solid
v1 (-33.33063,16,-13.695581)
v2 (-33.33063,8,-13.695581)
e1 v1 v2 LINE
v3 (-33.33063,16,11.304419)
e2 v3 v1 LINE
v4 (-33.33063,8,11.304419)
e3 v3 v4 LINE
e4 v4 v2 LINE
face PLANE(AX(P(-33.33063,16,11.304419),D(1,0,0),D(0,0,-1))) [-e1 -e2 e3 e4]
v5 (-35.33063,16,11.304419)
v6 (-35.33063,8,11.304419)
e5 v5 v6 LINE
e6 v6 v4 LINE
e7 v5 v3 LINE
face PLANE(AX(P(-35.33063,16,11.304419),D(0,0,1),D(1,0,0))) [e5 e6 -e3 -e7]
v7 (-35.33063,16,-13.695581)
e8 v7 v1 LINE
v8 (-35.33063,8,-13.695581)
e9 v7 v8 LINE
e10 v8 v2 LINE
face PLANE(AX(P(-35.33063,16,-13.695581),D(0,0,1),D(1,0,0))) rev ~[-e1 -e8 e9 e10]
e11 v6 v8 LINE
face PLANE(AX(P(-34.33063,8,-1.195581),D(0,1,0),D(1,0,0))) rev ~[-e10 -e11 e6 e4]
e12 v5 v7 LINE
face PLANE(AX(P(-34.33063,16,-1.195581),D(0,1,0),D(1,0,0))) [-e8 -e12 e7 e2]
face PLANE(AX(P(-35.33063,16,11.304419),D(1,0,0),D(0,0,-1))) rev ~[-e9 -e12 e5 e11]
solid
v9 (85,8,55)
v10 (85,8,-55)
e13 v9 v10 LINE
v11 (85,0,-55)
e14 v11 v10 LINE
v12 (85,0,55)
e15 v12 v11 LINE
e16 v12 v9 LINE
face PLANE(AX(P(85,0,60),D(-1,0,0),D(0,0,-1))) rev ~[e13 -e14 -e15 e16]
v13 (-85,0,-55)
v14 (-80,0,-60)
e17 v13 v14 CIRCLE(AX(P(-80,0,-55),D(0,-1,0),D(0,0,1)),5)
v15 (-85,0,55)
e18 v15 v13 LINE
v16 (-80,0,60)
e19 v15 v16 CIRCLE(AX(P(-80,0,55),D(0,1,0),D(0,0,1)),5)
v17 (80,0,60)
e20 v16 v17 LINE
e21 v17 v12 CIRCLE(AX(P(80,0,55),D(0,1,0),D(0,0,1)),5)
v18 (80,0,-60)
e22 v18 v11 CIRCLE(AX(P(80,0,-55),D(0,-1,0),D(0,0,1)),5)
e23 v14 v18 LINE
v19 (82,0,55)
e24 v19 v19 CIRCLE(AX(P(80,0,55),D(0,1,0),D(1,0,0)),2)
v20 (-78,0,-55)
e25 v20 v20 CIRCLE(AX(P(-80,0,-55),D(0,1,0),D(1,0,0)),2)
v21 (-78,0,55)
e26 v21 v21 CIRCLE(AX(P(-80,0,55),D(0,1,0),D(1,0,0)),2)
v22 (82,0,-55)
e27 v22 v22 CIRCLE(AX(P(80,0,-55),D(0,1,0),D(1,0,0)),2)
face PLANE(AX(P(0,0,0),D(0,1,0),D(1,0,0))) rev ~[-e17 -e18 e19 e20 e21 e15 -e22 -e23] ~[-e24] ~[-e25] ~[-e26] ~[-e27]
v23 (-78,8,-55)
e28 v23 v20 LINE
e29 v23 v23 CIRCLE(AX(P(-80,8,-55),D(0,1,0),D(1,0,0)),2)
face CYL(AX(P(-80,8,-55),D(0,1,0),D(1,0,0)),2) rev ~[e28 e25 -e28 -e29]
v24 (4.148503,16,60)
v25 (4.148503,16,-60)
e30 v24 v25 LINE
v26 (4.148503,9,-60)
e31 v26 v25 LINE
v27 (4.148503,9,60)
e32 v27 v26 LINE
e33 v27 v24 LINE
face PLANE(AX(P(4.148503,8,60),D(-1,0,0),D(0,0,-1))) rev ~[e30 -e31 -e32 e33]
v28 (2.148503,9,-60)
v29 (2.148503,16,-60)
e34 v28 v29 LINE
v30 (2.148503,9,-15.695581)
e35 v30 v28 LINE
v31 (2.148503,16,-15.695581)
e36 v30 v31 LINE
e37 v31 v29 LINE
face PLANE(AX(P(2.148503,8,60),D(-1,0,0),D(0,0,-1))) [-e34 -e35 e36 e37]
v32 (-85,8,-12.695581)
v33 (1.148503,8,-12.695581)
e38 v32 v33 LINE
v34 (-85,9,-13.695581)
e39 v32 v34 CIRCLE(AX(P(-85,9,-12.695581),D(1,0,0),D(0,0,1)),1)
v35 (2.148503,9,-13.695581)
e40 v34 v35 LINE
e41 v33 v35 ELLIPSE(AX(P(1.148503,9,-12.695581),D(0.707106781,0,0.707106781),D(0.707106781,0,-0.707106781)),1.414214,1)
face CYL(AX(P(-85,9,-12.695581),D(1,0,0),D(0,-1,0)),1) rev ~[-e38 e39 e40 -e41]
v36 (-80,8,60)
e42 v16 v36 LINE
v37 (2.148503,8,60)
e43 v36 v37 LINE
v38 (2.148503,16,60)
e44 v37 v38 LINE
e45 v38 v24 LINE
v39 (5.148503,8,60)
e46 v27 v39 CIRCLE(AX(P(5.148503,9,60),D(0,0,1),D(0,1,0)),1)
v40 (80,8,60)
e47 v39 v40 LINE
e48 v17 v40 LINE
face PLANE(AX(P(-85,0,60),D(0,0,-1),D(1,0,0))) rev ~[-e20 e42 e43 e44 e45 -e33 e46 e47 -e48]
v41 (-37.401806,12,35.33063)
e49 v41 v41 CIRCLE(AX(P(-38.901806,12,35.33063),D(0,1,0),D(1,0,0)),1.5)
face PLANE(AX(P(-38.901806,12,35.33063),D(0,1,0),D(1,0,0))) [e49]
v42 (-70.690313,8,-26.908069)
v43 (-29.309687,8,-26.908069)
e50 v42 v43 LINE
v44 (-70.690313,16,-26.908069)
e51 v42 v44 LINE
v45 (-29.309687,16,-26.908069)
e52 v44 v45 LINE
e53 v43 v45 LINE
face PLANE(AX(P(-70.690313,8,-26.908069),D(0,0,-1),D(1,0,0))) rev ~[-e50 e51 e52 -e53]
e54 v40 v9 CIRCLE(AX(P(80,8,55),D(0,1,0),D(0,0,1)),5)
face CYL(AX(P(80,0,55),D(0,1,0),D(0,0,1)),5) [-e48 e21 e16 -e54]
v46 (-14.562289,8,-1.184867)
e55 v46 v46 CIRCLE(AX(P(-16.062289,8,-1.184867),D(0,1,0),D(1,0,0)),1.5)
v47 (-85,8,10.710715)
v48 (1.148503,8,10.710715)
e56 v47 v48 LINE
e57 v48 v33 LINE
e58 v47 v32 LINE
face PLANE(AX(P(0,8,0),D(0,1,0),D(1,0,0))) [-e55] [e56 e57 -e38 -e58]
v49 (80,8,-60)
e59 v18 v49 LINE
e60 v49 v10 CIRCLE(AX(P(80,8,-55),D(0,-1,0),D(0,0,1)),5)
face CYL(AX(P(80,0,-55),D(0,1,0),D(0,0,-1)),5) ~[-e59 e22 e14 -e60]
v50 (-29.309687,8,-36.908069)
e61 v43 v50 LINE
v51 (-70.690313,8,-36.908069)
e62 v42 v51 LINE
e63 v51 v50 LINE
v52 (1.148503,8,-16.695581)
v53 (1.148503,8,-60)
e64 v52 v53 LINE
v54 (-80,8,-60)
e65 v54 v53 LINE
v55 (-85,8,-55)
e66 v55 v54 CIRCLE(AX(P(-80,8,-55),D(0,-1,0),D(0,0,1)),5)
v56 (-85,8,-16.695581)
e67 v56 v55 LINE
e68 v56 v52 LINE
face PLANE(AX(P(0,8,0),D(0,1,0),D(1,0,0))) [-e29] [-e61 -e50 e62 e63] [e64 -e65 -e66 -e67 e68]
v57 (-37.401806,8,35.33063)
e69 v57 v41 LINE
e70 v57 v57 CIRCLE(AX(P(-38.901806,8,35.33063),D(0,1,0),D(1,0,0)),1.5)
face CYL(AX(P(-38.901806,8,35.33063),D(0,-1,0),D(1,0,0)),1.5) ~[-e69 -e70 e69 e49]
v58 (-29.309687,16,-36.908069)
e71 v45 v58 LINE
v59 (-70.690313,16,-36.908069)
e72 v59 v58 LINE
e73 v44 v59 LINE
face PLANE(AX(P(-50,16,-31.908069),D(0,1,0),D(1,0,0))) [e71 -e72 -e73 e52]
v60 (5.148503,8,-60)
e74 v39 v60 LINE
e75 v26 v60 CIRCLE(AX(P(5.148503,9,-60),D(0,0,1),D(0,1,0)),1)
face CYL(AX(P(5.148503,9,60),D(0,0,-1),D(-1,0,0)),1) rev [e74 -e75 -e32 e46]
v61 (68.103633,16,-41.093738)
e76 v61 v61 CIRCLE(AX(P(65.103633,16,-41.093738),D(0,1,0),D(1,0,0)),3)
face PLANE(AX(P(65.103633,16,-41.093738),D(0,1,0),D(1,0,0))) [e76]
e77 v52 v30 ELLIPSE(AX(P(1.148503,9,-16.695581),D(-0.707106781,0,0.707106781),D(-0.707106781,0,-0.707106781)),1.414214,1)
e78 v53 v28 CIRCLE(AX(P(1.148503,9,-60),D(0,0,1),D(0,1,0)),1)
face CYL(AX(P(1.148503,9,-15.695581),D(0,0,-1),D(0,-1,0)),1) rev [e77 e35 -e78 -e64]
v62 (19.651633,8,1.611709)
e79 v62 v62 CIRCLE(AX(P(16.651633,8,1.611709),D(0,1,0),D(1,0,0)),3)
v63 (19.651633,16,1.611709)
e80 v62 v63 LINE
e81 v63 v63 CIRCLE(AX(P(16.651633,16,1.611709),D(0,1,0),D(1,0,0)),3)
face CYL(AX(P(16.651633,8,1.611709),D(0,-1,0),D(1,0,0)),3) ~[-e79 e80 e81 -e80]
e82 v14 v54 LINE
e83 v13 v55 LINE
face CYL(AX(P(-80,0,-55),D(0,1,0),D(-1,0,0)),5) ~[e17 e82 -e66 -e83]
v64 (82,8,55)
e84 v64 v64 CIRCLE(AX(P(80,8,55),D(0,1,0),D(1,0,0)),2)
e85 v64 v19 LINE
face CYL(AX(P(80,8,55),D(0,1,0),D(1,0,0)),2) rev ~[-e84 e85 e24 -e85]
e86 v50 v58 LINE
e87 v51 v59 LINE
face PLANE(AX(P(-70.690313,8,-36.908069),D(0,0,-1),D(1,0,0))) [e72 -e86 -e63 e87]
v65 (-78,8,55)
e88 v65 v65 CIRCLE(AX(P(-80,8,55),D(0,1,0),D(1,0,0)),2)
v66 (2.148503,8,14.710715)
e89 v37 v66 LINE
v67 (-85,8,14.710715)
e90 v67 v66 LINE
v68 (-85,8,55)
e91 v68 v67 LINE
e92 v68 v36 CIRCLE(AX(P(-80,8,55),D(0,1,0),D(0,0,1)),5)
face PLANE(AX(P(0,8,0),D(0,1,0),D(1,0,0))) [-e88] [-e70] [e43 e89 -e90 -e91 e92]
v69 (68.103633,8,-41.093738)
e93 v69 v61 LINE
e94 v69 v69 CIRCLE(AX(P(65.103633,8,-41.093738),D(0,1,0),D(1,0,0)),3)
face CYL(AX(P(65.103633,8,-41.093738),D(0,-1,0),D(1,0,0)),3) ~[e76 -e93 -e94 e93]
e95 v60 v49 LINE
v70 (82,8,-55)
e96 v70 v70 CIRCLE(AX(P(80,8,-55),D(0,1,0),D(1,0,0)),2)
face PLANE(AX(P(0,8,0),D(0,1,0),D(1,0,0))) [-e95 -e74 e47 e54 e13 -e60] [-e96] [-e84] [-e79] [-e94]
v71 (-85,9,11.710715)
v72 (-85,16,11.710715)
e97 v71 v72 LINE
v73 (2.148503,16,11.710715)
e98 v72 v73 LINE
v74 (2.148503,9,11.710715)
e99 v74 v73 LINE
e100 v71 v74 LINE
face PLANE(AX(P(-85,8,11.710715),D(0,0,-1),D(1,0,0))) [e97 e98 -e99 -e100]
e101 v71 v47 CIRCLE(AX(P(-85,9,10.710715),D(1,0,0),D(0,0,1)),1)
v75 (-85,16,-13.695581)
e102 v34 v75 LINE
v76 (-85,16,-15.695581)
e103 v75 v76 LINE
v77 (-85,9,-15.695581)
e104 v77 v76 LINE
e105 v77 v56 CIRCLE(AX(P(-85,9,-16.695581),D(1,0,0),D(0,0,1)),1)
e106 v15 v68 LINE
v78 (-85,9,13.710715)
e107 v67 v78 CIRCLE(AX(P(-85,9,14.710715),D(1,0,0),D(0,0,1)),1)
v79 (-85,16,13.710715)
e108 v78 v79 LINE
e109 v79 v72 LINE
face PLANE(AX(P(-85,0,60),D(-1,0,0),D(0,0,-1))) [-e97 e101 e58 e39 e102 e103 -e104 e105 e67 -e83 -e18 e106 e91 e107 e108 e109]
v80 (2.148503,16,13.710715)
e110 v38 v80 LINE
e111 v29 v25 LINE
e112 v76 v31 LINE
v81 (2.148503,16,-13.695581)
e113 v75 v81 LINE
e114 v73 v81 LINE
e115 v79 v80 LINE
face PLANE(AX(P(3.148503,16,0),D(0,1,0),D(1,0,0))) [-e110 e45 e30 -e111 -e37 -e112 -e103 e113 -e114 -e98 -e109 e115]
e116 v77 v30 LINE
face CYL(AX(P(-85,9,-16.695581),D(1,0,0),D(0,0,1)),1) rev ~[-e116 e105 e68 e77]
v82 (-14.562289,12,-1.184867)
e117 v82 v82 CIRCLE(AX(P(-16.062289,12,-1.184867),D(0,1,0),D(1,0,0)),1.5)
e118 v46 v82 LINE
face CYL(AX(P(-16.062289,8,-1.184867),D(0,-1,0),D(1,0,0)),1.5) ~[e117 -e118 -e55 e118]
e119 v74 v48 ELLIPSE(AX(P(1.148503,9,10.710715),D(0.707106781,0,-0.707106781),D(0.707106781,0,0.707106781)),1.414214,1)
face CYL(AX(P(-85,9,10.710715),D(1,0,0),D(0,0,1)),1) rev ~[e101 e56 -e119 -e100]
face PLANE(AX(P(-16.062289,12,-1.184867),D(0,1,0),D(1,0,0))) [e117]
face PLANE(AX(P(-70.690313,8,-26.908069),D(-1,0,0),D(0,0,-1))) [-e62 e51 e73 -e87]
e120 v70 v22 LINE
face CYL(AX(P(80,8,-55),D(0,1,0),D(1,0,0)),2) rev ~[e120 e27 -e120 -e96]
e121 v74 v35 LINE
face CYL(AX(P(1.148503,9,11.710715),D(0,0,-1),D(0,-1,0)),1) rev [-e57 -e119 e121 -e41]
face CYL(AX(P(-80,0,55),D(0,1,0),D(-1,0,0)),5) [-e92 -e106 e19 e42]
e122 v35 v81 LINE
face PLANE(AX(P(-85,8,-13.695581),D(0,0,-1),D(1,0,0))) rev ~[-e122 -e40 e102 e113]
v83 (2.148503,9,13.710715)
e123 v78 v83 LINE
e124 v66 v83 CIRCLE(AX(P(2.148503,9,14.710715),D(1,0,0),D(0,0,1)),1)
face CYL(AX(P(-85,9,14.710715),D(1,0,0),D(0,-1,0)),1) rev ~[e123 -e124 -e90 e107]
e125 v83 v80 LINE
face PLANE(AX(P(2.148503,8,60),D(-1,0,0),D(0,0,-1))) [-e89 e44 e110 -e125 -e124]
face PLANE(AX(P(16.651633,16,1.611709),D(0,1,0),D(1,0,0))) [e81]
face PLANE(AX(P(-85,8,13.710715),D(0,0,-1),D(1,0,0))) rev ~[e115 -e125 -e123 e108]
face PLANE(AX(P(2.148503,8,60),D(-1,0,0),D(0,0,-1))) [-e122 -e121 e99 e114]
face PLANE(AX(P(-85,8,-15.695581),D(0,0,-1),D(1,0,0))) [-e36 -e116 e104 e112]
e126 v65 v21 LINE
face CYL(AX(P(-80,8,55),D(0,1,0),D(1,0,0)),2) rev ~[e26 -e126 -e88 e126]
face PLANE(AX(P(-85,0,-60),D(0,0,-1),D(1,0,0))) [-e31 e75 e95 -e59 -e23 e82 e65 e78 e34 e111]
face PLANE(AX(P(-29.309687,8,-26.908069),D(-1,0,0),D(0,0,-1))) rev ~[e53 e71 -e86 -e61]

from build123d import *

# Parameters (mm, degrees)
SKETCH1_W            = 170
SKETCH1_H            = 120
BOSS_EXTRUDE1_DEPTH  = 8
SKETCH2_W            = 41.380626675
SKETCH2_H            = 10
BOSS_EXTRUDE2_DEPTH  = 8
SKETCH3_R            = 2
CUT_EXTRUDE1_DEPTH   = 8
SKETCH7_R            = 3
BOSS_EXTRUDE3_DEPTH  = 8
SKETCH8_R            = 1.5
BOSS_EXTRUDE6_DEPTH  = 4
SKETCH9_R            = 1.5
BOSS_EXTRUDE7_DEPTH  = 4
SKETCH10_R           = 3
BOSS_EXTRUDE8_DEPTH  = 8
SKETCH11_W           = 2
SKETCH11_H           = 120
BOSS_EXTRUDE9_DEPTH  = 8
SKETCH13_W           = 87.148503305
SKETCH13_H           = 2
BOSS_EXTRUDE10_DEPTH = 8
BOSS_EXTRUDE11_START = -1.289738394
SKETCH7_3_R          = 3
BOSS_EXTRUDE11_DEPTH = 1.289738394
SKETCH14_W           = 2
SKETCH14_H           = 25
BOSS_EXTRUDE13_DEPTH = 8
SKETCH18_W           = 87.148503305
SKETCH18_H           = 2
BOSS_EXTRUDE16_DEPTH = 8
SKETCH19_R           = 1.5
BOSS_EXTRUDE17_DEPTH = 4
FILLET1_R            = 1
FILLET6_R            = 5


with BuildPart() as part:
    # Sketch1 → Boss-Extrude1 (new body)
    with BuildSketch(Plane(origin=(0, 0, 0), x_dir=(1, 0, 0), z_dir=(0, 1, 0))):
        Rectangle(SKETCH1_W, SKETCH1_H)
    extrude(amount=BOSS_EXTRUDE1_DEPTH)

    # Sketch2 → Boss-Extrude2 (add)
    with BuildSketch(Plane(origin=(-17.791513114, 8, -3.068036611), x_dir=(1, 0, 0), z_dir=(0, 1, 0))):
        with Locations((-32.208486886, 28.840032215)):
            Rectangle(SKETCH2_W, SKETCH2_H)
    extrude(amount=BOSS_EXTRUDE2_DEPTH)

    # Sketch3 → Cut-Extrude1 (cut)
    with BuildSketch(Plane(origin=(0, 8, 0), x_dir=(1, 0, 0), z_dir=(0, 1, 0))):
        with Locations((-80, 55)):
            Circle(SKETCH3_R)
        with Locations((-80, -55)):
            Circle(SKETCH3_R)
        with Locations((80, 55)):
            Circle(SKETCH3_R)
        with Locations((80, -55)):
            Circle(SKETCH3_R)
    extrude(amount=-CUT_EXTRUDE1_DEPTH, mode=Mode.SUBTRACT)

    # Sketch7 → Boss-Extrude3 (add)
    with BuildSketch(Plane(origin=(12.703147983, 8, 3.565766466), x_dir=(1, 0, 0), z_dir=(0, 1, 0))):
        with Locations((52.400485428, 44.659504627)):
            Circle(SKETCH7_R)
    extrude(amount=BOSS_EXTRUDE3_DEPTH)

    # Sketch8 → Boss-Extrude6 (add)
    with BuildSketch(Plane(origin=(0, 16, 3.565766466), x_dir=(1, 0, 0), z_dir=(0, 1, 0))):
        with Locations((65.103633411, 44.659504627)):
            Circle(SKETCH8_R)
    extrude(amount=-BOSS_EXTRUDE6_DEPTH)

    # Sketch9 → Boss-Extrude7 (add)
    with BuildSketch(Plane(origin=(0, 16, 3.565766466), x_dir=(1, 0, 0), z_dir=(0, 1, 0))):
        with Locations((64.905146724, 44.273718651)):
            Circle(SKETCH9_R)
    extrude(amount=-BOSS_EXTRUDE7_DEPTH)

    # Sketch10 → Boss-Extrude8 (add)
    with BuildSketch(Plane(origin=(-8.754663217, 8, 20.46794397), x_dir=(1, 0, 0), z_dir=(0, 1, 0))):
        with Locations((25.406295965, 18.856235287)):
            Circle(SKETCH10_R)
    extrude(amount=BOSS_EXTRUDE8_DEPTH)

    # Sketch11 → Boss-Extrude9 (add)
    with BuildSketch(Plane(origin=(4.148503305, 8, 0), x_dir=(1, 0, 0), z_dir=(0, 1, 0))):
        with Locations((-1, 0)):
            Rectangle(SKETCH11_W, SKETCH11_H)
    extrude(amount=BOSS_EXTRUDE9_DEPTH)

    # Sketch13 → Boss-Extrude10 (add)
    with BuildSketch(Plane(origin=(0, 8, 0), x_dir=(1, 0, 0), z_dir=(0, 1, 0))):
        with Locations((-41.425748347, 14.695581419)):
            Rectangle(SKETCH13_W, SKETCH13_H)
    extrude(amount=BOSS_EXTRUDE10_DEPTH)

    # Sketch7<3> → Boss-Extrude11 (add)
    with BuildSketch(Plane(origin=(12.703147983, 8, 3.565766466), x_dir=(1, 0, 0), z_dir=(0, 1, 0)).offset(BOSS_EXTRUDE11_START)):
        with Locations((52.400485428, 44.659504627)):
            Circle(SKETCH7_3_R)
    extrude(amount=BOSS_EXTRUDE11_DEPTH)

    # Sketch18 → Boss-Extrude16 (add)
    with BuildSketch(Plane(origin=(0, 8, 0), x_dir=(1, 0, 0), z_dir=(0, 1, 0))):
        with Locations((-41.425748347, -12.710714547)):
            Rectangle(SKETCH18_W, SKETCH18_H)
    extrude(amount=BOSS_EXTRUDE16_DEPTH)

    # Sketch19 → Boss-Extrude17 (add)
    with BuildSketch(Plane(origin=(0, 8, 0), x_dir=(1, 0, 0), z_dir=(0, 1, 0))):
        with Locations((-16.06228854, 1.18486687)):
            Circle(SKETCH19_R)
        with Locations((-38.901806458, -35.330630327)):
            Circle(SKETCH19_R)
    extrude(amount=BOSS_EXTRUDE17_DEPTH)

    # Fillet1
    fillet1_edges = [part.edges().sort_by_distance(p)[0] for p in [
        (-41.425748348, 8, 13.710714547),
        (-41.425748348, 8, 11.710714547),
        (-41.425748348, 8, -13.695581419),
        (2.148503305, 8, -0.992433436),
        (4.148503305, 8, 0),
        (2.148503305, 8, -37.847790709),
        (-41.425748348, 8, -15.695581419),
    ]]
    fillet(fillet1_edges, radius=FILLET1_R)

    # Fillet6
    fillet6_edges = [part.edges().sort_by_distance(p)[0] for p in [
        (85, 4, -60),
        (85, 4, 60),
        (-85, 4, 60),
        (-85, 4, -60),
    ]]
    fillet(fillet6_edges, radius=FILLET6_R)


with BuildPart() as body_2:
    # Sketch14 → Boss-Extrude13 (new body)
    with BuildSketch(Plane(origin=(0, 16, 0), x_dir=(1, 0, 0), z_dir=(0, 1, 0))):
        with Locations((-34.330630327, 1.195581419)):
            Rectangle(SKETCH14_W, SKETCH14_H)
    extrude(amount=-BOSS_EXTRUDE13_DEPTH)


solid = Compound([part.part, body_2.part])
